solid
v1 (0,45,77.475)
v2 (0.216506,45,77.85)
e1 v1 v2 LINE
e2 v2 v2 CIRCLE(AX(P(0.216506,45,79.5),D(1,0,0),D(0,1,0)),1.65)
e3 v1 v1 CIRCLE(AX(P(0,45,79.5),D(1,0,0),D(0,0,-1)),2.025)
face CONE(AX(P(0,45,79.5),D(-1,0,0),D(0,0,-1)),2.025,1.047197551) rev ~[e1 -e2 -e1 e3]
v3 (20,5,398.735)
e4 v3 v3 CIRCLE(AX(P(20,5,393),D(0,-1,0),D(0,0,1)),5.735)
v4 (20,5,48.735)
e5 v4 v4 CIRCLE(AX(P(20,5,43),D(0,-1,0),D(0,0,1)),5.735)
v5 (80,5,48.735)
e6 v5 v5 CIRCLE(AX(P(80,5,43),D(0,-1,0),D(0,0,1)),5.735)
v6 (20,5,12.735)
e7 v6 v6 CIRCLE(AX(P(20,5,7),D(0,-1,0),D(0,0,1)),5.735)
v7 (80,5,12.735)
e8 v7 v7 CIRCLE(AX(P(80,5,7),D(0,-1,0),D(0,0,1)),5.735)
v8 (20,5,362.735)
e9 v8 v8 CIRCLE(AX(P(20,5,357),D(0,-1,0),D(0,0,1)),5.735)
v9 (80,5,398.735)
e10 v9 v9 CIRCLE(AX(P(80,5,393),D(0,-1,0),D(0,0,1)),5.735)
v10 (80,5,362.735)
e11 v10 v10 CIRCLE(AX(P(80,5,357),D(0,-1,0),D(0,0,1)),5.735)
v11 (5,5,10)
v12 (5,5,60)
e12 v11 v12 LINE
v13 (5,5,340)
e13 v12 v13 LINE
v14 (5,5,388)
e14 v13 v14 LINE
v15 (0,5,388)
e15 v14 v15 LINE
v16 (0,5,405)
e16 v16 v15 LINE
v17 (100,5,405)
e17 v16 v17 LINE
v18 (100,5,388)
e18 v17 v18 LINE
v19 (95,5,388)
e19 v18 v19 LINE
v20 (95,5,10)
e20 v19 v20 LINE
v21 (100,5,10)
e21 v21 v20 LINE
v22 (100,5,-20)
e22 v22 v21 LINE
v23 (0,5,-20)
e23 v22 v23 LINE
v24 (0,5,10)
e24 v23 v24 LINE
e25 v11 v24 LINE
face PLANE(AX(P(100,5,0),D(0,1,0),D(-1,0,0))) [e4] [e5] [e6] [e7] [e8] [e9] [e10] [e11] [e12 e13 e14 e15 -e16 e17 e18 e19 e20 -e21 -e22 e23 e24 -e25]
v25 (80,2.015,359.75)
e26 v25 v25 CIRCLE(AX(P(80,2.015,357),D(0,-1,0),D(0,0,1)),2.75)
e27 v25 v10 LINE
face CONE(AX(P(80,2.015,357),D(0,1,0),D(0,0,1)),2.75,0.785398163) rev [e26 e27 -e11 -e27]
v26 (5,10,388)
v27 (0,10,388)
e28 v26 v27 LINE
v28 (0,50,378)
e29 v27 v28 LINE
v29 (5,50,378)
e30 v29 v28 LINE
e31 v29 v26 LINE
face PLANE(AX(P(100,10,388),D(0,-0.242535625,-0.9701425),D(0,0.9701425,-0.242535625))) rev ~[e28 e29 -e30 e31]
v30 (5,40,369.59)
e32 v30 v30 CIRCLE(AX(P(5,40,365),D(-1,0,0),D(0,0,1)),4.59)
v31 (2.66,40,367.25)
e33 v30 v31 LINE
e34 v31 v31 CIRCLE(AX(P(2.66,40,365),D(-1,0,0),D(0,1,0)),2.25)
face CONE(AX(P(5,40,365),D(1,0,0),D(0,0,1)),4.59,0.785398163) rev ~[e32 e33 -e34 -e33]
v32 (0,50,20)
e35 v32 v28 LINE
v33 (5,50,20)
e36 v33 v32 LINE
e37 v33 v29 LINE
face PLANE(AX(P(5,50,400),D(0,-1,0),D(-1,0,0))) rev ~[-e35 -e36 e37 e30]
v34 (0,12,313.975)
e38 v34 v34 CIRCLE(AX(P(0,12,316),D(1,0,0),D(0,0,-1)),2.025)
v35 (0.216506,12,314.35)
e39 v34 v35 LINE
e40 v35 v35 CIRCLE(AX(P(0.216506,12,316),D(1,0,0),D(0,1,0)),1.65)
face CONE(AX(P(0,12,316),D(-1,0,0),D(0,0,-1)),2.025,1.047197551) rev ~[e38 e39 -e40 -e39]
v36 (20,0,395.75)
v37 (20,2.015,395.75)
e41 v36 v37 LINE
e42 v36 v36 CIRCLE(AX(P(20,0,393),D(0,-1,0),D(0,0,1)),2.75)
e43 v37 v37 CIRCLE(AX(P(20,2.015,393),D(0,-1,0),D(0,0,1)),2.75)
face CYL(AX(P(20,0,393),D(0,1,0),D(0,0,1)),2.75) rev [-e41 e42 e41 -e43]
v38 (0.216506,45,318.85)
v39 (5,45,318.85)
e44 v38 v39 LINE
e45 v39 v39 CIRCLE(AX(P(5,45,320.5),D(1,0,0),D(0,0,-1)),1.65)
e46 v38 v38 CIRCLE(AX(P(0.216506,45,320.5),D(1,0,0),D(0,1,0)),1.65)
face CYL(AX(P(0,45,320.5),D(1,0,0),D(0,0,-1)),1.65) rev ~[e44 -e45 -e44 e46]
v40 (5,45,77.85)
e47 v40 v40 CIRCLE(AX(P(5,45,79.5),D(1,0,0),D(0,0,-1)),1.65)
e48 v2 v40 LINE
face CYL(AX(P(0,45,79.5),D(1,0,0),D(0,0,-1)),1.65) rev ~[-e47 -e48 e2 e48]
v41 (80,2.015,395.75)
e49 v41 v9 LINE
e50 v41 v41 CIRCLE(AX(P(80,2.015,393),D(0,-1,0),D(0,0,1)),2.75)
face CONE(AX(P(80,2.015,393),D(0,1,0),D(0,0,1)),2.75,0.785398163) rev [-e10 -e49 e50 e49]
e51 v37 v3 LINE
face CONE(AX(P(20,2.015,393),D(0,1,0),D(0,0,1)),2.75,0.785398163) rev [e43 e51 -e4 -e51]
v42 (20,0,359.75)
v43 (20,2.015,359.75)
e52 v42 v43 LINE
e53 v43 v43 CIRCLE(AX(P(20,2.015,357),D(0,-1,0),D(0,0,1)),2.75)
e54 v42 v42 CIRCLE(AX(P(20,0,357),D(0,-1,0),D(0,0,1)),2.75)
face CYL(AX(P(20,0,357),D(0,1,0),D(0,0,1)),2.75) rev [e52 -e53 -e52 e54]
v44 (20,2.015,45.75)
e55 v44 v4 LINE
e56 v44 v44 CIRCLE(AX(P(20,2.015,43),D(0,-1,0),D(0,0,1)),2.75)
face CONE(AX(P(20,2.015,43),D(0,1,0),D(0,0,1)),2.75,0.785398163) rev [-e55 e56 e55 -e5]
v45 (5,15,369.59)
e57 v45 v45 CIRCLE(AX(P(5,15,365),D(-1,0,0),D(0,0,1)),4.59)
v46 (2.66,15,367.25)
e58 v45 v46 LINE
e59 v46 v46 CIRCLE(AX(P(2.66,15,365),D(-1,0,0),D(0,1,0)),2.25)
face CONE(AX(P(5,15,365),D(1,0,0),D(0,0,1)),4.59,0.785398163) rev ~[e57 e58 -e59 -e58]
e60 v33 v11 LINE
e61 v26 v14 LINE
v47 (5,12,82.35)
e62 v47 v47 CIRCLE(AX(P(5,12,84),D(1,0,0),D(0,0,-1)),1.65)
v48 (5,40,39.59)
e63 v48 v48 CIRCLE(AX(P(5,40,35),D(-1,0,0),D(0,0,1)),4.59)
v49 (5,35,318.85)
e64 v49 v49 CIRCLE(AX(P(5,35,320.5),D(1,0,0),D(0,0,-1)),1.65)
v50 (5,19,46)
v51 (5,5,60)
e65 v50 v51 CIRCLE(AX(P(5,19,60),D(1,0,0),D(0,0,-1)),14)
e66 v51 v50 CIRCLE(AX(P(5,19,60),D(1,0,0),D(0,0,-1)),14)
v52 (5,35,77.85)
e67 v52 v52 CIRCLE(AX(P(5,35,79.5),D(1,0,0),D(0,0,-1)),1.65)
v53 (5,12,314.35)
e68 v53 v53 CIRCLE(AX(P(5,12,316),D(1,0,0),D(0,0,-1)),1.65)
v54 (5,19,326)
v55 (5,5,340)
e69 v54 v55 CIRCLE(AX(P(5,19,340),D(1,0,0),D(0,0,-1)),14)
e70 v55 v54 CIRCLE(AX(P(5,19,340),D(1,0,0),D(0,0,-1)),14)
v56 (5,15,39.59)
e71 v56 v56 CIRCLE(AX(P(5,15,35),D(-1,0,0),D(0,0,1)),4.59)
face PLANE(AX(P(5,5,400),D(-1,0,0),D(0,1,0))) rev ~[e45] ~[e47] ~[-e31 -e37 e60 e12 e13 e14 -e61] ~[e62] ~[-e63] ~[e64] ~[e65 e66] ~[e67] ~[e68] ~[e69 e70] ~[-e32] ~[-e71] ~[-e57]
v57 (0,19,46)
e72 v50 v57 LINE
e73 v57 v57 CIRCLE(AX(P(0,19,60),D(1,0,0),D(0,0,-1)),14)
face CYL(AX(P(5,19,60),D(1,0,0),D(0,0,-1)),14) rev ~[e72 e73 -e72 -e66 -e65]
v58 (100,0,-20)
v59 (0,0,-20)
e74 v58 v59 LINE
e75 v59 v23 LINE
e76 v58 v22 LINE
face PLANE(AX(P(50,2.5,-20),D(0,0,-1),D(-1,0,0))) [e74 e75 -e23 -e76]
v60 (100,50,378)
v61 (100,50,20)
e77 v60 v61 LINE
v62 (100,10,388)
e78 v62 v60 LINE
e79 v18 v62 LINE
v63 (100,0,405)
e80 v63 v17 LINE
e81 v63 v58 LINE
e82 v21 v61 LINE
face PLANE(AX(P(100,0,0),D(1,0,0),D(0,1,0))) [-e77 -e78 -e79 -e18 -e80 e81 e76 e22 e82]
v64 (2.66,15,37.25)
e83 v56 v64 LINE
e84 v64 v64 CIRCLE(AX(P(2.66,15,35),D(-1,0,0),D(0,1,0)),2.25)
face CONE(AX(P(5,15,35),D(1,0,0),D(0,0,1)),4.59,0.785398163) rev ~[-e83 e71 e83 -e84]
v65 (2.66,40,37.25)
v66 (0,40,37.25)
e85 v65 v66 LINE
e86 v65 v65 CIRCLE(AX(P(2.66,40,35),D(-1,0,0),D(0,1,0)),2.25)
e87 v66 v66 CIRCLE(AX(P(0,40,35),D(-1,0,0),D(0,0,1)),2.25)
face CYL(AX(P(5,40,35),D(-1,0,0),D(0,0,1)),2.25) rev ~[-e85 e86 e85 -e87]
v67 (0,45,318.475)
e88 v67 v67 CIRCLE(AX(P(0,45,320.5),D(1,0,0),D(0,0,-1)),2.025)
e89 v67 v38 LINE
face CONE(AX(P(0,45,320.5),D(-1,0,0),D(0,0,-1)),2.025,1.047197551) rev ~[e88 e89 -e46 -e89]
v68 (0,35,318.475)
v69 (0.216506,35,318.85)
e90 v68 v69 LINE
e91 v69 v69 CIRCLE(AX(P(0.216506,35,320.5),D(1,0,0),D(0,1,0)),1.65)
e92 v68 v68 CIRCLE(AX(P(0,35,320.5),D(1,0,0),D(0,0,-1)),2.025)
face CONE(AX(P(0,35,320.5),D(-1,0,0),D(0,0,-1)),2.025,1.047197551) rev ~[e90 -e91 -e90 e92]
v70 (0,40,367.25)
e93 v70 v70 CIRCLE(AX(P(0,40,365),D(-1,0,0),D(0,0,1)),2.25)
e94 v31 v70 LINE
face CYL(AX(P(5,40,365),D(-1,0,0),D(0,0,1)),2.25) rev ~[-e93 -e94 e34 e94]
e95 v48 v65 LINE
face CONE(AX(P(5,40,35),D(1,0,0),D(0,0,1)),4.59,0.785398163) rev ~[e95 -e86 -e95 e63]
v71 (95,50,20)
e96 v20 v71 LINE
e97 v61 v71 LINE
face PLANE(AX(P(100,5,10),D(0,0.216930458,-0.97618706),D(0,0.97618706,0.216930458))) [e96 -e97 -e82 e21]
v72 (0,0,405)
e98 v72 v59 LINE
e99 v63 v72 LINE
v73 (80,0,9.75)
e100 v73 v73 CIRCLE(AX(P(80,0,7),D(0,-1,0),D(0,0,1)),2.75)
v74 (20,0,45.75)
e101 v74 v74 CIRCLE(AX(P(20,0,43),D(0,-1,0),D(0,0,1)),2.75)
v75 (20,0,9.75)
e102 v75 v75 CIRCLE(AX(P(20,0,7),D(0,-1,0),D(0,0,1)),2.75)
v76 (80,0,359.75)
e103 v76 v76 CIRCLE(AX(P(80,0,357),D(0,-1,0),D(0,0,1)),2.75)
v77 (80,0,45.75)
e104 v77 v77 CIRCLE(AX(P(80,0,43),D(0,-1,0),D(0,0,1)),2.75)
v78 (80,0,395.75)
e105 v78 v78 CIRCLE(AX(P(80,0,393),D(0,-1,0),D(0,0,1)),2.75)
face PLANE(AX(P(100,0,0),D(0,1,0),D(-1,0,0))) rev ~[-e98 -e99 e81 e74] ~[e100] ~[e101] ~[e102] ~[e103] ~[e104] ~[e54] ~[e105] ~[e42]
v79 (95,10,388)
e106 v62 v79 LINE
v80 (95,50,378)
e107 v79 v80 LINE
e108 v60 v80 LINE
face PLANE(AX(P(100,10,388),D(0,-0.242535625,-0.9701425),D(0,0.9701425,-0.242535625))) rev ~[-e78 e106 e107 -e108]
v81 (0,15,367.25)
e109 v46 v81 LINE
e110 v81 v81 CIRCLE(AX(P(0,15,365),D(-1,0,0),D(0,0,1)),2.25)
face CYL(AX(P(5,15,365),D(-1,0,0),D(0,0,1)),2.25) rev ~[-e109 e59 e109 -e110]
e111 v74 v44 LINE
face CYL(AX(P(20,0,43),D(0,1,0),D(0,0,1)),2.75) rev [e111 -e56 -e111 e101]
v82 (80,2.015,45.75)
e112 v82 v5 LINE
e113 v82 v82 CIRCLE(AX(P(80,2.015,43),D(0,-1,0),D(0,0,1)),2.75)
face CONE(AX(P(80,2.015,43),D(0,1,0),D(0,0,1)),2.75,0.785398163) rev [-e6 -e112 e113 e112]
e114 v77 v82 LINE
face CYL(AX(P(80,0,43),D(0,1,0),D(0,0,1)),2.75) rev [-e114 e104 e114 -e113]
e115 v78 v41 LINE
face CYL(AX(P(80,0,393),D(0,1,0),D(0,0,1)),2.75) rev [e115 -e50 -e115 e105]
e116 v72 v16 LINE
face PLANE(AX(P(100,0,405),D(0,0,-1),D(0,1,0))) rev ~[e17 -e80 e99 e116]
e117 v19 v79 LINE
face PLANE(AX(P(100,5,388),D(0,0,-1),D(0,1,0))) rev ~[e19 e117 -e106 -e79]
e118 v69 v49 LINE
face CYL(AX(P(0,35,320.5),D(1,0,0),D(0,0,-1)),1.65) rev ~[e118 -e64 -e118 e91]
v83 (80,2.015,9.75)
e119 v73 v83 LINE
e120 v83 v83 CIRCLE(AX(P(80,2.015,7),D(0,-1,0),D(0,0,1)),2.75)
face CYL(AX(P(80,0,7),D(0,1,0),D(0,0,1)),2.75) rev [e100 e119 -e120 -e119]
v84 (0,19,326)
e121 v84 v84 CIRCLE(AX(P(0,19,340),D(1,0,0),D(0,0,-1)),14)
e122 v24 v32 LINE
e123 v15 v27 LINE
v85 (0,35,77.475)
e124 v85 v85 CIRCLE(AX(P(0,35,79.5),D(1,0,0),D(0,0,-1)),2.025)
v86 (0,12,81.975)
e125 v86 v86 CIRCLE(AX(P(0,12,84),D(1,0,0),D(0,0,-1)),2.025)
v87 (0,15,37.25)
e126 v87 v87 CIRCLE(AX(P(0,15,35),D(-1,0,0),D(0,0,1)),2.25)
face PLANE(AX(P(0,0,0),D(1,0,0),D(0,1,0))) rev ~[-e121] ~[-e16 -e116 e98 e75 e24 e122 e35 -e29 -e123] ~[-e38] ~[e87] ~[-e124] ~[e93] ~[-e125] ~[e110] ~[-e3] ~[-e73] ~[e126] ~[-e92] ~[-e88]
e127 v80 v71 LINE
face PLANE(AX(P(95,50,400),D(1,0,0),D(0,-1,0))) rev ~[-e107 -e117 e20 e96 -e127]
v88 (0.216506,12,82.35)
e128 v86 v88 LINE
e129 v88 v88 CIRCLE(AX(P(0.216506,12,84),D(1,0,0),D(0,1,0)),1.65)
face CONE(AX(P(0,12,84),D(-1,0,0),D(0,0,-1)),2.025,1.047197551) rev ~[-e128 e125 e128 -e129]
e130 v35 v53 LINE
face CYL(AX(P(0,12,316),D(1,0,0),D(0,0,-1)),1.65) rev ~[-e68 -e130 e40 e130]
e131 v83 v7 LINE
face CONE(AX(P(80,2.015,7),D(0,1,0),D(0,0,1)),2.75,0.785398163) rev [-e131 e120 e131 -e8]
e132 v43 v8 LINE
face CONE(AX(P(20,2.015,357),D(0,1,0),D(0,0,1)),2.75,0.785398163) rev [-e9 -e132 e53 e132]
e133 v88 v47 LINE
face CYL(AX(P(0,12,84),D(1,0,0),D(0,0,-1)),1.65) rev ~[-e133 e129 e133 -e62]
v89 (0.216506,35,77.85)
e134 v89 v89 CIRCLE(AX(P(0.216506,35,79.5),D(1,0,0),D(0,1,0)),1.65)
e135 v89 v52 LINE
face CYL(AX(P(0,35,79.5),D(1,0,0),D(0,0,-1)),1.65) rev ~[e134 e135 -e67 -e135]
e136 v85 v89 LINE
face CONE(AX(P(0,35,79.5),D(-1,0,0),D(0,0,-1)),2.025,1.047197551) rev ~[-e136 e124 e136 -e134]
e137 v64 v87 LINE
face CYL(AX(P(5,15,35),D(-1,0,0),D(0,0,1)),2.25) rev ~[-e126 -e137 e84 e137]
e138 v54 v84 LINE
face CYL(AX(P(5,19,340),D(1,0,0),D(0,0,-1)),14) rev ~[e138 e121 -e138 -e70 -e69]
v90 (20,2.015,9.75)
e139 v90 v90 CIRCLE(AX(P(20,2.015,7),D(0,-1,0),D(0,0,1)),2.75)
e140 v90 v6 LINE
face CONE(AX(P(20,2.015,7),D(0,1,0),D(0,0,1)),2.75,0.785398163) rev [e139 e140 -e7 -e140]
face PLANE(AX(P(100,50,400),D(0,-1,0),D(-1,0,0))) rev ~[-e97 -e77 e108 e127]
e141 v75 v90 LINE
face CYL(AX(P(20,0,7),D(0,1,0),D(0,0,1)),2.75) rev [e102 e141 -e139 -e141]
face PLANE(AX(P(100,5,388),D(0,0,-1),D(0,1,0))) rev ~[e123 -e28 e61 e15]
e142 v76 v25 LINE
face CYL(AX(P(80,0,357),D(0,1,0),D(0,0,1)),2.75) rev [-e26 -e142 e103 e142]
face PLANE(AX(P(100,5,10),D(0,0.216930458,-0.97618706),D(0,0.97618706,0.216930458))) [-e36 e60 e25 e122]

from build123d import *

# Parameters (mm, degrees)
EXTRUDE_1_DEPTH               = 400
HOLE_WIZARD_M51_AT_2_COUNT    = 2
HOLE_WIZARD_M51_AT_2_PITCH    = 60
HOLE_WIZARD_M51_AT_3_COUNT    = 2
HOLE_WIZARD_M51_AT_3_PITCH    = 69.971422738
HOLE_WIZARD_M51_AT_4_COUNT    = 2
HOLE_WIZARD_M51_AT_4_PITCH    = 36
HOLE_WIZARD_M51_AT_5_COUNT    = 2
HOLE_WIZARD_M51_AT_5_PITCH    = 350
HOLE_WIZARD_M51_AT_6_COUNT    = 2
HOLE_WIZARD_M51_AT_6_PITCH    = 355.105618091
HOLE_WIZARD_M51_AT_7_COUNT    = 2
HOLE_WIZARD_M51_AT_7_PITCH    = 390.635379862
HOLE_WIZARD_M51_AT_8_COUNT    = 2
HOLE_WIZARD_M51_AT_8_PITCH    = 386
HOLE_WIZARD_M41_D             = 3.3
HOLE_WIZARD_M41_DEPTH         = 11.5
HOLE_WIZARD_M41_CSINK_D       = 4.05
HOLE_WIZARD_M41_CSINK_ANGLE   = 120
HOLE_WIZARD_M41_TIP           = 0.991420021
HOLE_WIZARD_M42_D             = 3.3
HOLE_WIZARD_M42_DEPTH         = 11.5
HOLE_WIZARD_M42_CSINK_D       = 4.05
HOLE_WIZARD_M42_CSINK_ANGLE   = 120
HOLE_WIZARD_M42_TIP           = 0.991420021
SKETCH_8_R                    = 14
CUT_EXTRUDE_2_DEPTH           = 10
EXTRUDE_2_DEPTH               = 10
CUT_EXTRUDE_3_DEPTH           = 425.970587218
SKETCH_12_W                   = 100
SKETCH_12_H                   = 5
EXTRUDE_3_DEPTH               = 20
HOLE_WIZARD_M41_2_D           = 4.5
HOLE_WIZARD_M41_2_DEPTH       = 5
HOLE_WIZARD_M41_2_CSINK_D     = 9.18
HOLE_WIZARD_M41_2_CSINK_ANGLE = 90


with BuildPart() as part:
    # Эскиз1 → Бобышка-Вытянуть1 (new body)
    with BuildSketch(Plane.XY):
        Polygon((0, 0), (0, 50), (5, 50), (5, 5), (95, 5), (95, 50), (100, 50), (100, 0), align=None)
    extrude(amount=EXTRUDE_1_DEPTH)

    # Эскиз9 → Зенковка для винта с потайной головкой и внутренним шестигранником M51 (revolve, cut)
    with BuildSketch(Plane(origin=(80, 5, 393), x_dir=(0, 0, 1), z_dir=(1, 0, 0))):
        Polygon((0, 0), (0, 5), (2.75, 5), (2.75, 2.985), (5.735, 0), align=None)
    hole_wizard_m51 = revolve(axis=Axis((80, 11.35, 393), (0, -1, 0)), mode=Mode.SUBTRACT)

    # Зенковка для винта с потайной головкой и внутренним шестигранником M51 at 2: Зенковка для винта с потайной головкой и внутренним шестигранником M51 ×2
    with Locations(*[(-i * HOLE_WIZARD_M51_AT_2_PITCH, 0, 0) for i in range(1, HOLE_WIZARD_M51_AT_2_COUNT)]):
        add(hole_wizard_m51, mode=Mode.SUBTRACT)

    # Зенковка для винта с потайной головкой и внутренним шестигранником M51 at 3: Зенковка для винта с потайной головкой и внутренним шестигранником M51 ×2
    with Locations(*[Vector(-0.8574929257125445, 0, -0.514495755427526) * (i * HOLE_WIZARD_M51_AT_3_PITCH) for i in range(1, HOLE_WIZARD_M51_AT_3_COUNT)]):
        add(hole_wizard_m51, mode=Mode.SUBTRACT)

    # Зенковка для винта с потайной головкой и внутренним шестигранником M51 at 4: Зенковка для винта с потайной головкой и внутренним шестигранником M51 ×2
    with Locations(*[(0, 0, -i * HOLE_WIZARD_M51_AT_4_PITCH) for i in range(1, HOLE_WIZARD_M51_AT_4_COUNT)]):
        add(hole_wizard_m51, mode=Mode.SUBTRACT)

    # Зенковка для винта с потайной головкой и внутренним шестигранником M51 at 5: Зенковка для винта с потайной головкой и внутренним шестигранником M51 ×2
    with Locations(*[(0, 0, -i * HOLE_WIZARD_M51_AT_5_PITCH) for i in range(1, HOLE_WIZARD_M51_AT_5_COUNT)]):
        add(hole_wizard_m51, mode=Mode.SUBTRACT)

    # Зенковка для винта с потайной головкой и внутренним шестигранником M51 at 6: Зенковка для винта с потайной головкой и внутренним шестигранником M51 ×2
    with Locations(*[Vector(-0.16896381511084574, 0, -0.9856222548132667) * (i * HOLE_WIZARD_M51_AT_6_PITCH) for i in range(1, HOLE_WIZARD_M51_AT_6_COUNT)]):
        add(hole_wizard_m51, mode=Mode.SUBTRACT)

    # Зенковка для винта с потайной головкой и внутренним шестигранником M51 at 7: Зенковка для винта с потайной головкой и внутренним шестигранником M51 ×2
    with Locations(*[Vector(-0.1535959185806014, 0, -0.9881337428685356) * (i * HOLE_WIZARD_M51_AT_7_PITCH) for i in range(1, HOLE_WIZARD_M51_AT_7_COUNT)]):
        add(hole_wizard_m51, mode=Mode.SUBTRACT)

    # Зенковка для винта с потайной головкой и внутренним шестигранником M51 at 8: Зенковка для винта с потайной головкой и внутренним шестигранником M51 ×2
    with Locations(*[(0, 0, -i * HOLE_WIZARD_M51_AT_8_PITCH) for i in range(1, HOLE_WIZARD_M51_AT_8_COUNT)]):
        add(hole_wizard_m51, mode=Mode.SUBTRACT)

    # Hole Wizard M41
    with Locations(Plane.ZY):
        with Locations((84, 12), (316, 12)):
            CounterSinkHole(HOLE_WIZARD_M41_D / 2, HOLE_WIZARD_M41_CSINK_D / 2, depth=HOLE_WIZARD_M41_DEPTH, counter_sink_angle=HOLE_WIZARD_M41_CSINK_ANGLE)
            with Locations((0, 0, -(HOLE_WIZARD_M41_DEPTH + HOLE_WIZARD_M41_TIP / 2))):  # 118° drill point
                Cone(0, HOLE_WIZARD_M41_D / 2, HOLE_WIZARD_M41_TIP, mode=Mode.SUBTRACT)

    # Отверстие обработанное метчиком M42
    with Locations(Plane.ZY):
        with Locations((320.5, 35), (320.5, 45), (79.5, 45), (79.5, 35)):
            CounterSinkHole(HOLE_WIZARD_M42_D / 2, HOLE_WIZARD_M42_CSINK_D / 2, depth=HOLE_WIZARD_M42_DEPTH, counter_sink_angle=HOLE_WIZARD_M42_CSINK_ANGLE)
            with Locations((0, 0, -(HOLE_WIZARD_M42_DEPTH + HOLE_WIZARD_M42_TIP / 2))):  # 118° drill point
                Cone(0, HOLE_WIZARD_M42_D / 2, HOLE_WIZARD_M42_TIP, mode=Mode.SUBTRACT)

    # Эскиз8 → Вырез-Вытянуть2 (cut)
    with BuildSketch(Plane(origin=(5, 0, 0), x_dir=(0, 0, -1), z_dir=(1, 0, 0))):
        with Locations((-340, 19)):
            Circle(SKETCH_8_R)
        with Locations((-60, 19)):
            Circle(SKETCH_8_R)
    extrude(amount=-CUT_EXTRUDE_2_DEPTH, mode=Mode.SUBTRACT)

    # Эскиз3 → Бобышка-Вытянуть2 (add)
    with BuildSketch(Plane.XY.offset(400)):
        Polygon((95, 5), (5, 5), (5, 50), (0, 50), (0, 0), (100, 0), (100, 50), (95, 50), align=None)
    extrude(amount=EXTRUDE_2_DEPTH)

    # Эскиз11 → Вырез-Вытянуть3 (cut, through all)
    with BuildSketch(Plane(origin=(100, 0, 0), x_dir=(0, 0, -1), z_dir=(1, 0, 0))):
        Polygon((-410, 10), (-410, 5), (-410, 0), (-405, 0), (-405, 5), (-388, 5), (-388, 10), (-378, 50), (-410, 50), align=None)
        Polygon((0, 5), (-10, 5), (-20, 50), (0, 50), align=None)
    extrude(amount=-CUT_EXTRUDE_3_DEPTH, mode=Mode.SUBTRACT)

    # Эскиз12 → Бобышка-Вытянуть3 (add)
    with BuildSketch(Plane(origin=(0, 0, 0), x_dir=(-1, 0, 0), z_dir=(0, 0, -1))):
        with Locations((-50, 2.5)):
            Rectangle(SKETCH_12_W, SKETCH_12_H)
    extrude(amount=EXTRUDE_3_DEPTH)

    # Hole Wizard M41 2
    with Locations(Plane(origin=(5, 0, 0), x_dir=(0, 0, -1), z_dir=(1, 0, 0))):
        with Locations((-365, 40), (-365, 15), (-35, 15), (-35, 40)):
            CounterSinkHole(HOLE_WIZARD_M41_2_D / 2, HOLE_WIZARD_M41_2_CSINK_D / 2, depth=HOLE_WIZARD_M41_2_DEPTH, counter_sink_angle=HOLE_WIZARD_M41_2_CSINK_ANGLE)


solid = part.part
